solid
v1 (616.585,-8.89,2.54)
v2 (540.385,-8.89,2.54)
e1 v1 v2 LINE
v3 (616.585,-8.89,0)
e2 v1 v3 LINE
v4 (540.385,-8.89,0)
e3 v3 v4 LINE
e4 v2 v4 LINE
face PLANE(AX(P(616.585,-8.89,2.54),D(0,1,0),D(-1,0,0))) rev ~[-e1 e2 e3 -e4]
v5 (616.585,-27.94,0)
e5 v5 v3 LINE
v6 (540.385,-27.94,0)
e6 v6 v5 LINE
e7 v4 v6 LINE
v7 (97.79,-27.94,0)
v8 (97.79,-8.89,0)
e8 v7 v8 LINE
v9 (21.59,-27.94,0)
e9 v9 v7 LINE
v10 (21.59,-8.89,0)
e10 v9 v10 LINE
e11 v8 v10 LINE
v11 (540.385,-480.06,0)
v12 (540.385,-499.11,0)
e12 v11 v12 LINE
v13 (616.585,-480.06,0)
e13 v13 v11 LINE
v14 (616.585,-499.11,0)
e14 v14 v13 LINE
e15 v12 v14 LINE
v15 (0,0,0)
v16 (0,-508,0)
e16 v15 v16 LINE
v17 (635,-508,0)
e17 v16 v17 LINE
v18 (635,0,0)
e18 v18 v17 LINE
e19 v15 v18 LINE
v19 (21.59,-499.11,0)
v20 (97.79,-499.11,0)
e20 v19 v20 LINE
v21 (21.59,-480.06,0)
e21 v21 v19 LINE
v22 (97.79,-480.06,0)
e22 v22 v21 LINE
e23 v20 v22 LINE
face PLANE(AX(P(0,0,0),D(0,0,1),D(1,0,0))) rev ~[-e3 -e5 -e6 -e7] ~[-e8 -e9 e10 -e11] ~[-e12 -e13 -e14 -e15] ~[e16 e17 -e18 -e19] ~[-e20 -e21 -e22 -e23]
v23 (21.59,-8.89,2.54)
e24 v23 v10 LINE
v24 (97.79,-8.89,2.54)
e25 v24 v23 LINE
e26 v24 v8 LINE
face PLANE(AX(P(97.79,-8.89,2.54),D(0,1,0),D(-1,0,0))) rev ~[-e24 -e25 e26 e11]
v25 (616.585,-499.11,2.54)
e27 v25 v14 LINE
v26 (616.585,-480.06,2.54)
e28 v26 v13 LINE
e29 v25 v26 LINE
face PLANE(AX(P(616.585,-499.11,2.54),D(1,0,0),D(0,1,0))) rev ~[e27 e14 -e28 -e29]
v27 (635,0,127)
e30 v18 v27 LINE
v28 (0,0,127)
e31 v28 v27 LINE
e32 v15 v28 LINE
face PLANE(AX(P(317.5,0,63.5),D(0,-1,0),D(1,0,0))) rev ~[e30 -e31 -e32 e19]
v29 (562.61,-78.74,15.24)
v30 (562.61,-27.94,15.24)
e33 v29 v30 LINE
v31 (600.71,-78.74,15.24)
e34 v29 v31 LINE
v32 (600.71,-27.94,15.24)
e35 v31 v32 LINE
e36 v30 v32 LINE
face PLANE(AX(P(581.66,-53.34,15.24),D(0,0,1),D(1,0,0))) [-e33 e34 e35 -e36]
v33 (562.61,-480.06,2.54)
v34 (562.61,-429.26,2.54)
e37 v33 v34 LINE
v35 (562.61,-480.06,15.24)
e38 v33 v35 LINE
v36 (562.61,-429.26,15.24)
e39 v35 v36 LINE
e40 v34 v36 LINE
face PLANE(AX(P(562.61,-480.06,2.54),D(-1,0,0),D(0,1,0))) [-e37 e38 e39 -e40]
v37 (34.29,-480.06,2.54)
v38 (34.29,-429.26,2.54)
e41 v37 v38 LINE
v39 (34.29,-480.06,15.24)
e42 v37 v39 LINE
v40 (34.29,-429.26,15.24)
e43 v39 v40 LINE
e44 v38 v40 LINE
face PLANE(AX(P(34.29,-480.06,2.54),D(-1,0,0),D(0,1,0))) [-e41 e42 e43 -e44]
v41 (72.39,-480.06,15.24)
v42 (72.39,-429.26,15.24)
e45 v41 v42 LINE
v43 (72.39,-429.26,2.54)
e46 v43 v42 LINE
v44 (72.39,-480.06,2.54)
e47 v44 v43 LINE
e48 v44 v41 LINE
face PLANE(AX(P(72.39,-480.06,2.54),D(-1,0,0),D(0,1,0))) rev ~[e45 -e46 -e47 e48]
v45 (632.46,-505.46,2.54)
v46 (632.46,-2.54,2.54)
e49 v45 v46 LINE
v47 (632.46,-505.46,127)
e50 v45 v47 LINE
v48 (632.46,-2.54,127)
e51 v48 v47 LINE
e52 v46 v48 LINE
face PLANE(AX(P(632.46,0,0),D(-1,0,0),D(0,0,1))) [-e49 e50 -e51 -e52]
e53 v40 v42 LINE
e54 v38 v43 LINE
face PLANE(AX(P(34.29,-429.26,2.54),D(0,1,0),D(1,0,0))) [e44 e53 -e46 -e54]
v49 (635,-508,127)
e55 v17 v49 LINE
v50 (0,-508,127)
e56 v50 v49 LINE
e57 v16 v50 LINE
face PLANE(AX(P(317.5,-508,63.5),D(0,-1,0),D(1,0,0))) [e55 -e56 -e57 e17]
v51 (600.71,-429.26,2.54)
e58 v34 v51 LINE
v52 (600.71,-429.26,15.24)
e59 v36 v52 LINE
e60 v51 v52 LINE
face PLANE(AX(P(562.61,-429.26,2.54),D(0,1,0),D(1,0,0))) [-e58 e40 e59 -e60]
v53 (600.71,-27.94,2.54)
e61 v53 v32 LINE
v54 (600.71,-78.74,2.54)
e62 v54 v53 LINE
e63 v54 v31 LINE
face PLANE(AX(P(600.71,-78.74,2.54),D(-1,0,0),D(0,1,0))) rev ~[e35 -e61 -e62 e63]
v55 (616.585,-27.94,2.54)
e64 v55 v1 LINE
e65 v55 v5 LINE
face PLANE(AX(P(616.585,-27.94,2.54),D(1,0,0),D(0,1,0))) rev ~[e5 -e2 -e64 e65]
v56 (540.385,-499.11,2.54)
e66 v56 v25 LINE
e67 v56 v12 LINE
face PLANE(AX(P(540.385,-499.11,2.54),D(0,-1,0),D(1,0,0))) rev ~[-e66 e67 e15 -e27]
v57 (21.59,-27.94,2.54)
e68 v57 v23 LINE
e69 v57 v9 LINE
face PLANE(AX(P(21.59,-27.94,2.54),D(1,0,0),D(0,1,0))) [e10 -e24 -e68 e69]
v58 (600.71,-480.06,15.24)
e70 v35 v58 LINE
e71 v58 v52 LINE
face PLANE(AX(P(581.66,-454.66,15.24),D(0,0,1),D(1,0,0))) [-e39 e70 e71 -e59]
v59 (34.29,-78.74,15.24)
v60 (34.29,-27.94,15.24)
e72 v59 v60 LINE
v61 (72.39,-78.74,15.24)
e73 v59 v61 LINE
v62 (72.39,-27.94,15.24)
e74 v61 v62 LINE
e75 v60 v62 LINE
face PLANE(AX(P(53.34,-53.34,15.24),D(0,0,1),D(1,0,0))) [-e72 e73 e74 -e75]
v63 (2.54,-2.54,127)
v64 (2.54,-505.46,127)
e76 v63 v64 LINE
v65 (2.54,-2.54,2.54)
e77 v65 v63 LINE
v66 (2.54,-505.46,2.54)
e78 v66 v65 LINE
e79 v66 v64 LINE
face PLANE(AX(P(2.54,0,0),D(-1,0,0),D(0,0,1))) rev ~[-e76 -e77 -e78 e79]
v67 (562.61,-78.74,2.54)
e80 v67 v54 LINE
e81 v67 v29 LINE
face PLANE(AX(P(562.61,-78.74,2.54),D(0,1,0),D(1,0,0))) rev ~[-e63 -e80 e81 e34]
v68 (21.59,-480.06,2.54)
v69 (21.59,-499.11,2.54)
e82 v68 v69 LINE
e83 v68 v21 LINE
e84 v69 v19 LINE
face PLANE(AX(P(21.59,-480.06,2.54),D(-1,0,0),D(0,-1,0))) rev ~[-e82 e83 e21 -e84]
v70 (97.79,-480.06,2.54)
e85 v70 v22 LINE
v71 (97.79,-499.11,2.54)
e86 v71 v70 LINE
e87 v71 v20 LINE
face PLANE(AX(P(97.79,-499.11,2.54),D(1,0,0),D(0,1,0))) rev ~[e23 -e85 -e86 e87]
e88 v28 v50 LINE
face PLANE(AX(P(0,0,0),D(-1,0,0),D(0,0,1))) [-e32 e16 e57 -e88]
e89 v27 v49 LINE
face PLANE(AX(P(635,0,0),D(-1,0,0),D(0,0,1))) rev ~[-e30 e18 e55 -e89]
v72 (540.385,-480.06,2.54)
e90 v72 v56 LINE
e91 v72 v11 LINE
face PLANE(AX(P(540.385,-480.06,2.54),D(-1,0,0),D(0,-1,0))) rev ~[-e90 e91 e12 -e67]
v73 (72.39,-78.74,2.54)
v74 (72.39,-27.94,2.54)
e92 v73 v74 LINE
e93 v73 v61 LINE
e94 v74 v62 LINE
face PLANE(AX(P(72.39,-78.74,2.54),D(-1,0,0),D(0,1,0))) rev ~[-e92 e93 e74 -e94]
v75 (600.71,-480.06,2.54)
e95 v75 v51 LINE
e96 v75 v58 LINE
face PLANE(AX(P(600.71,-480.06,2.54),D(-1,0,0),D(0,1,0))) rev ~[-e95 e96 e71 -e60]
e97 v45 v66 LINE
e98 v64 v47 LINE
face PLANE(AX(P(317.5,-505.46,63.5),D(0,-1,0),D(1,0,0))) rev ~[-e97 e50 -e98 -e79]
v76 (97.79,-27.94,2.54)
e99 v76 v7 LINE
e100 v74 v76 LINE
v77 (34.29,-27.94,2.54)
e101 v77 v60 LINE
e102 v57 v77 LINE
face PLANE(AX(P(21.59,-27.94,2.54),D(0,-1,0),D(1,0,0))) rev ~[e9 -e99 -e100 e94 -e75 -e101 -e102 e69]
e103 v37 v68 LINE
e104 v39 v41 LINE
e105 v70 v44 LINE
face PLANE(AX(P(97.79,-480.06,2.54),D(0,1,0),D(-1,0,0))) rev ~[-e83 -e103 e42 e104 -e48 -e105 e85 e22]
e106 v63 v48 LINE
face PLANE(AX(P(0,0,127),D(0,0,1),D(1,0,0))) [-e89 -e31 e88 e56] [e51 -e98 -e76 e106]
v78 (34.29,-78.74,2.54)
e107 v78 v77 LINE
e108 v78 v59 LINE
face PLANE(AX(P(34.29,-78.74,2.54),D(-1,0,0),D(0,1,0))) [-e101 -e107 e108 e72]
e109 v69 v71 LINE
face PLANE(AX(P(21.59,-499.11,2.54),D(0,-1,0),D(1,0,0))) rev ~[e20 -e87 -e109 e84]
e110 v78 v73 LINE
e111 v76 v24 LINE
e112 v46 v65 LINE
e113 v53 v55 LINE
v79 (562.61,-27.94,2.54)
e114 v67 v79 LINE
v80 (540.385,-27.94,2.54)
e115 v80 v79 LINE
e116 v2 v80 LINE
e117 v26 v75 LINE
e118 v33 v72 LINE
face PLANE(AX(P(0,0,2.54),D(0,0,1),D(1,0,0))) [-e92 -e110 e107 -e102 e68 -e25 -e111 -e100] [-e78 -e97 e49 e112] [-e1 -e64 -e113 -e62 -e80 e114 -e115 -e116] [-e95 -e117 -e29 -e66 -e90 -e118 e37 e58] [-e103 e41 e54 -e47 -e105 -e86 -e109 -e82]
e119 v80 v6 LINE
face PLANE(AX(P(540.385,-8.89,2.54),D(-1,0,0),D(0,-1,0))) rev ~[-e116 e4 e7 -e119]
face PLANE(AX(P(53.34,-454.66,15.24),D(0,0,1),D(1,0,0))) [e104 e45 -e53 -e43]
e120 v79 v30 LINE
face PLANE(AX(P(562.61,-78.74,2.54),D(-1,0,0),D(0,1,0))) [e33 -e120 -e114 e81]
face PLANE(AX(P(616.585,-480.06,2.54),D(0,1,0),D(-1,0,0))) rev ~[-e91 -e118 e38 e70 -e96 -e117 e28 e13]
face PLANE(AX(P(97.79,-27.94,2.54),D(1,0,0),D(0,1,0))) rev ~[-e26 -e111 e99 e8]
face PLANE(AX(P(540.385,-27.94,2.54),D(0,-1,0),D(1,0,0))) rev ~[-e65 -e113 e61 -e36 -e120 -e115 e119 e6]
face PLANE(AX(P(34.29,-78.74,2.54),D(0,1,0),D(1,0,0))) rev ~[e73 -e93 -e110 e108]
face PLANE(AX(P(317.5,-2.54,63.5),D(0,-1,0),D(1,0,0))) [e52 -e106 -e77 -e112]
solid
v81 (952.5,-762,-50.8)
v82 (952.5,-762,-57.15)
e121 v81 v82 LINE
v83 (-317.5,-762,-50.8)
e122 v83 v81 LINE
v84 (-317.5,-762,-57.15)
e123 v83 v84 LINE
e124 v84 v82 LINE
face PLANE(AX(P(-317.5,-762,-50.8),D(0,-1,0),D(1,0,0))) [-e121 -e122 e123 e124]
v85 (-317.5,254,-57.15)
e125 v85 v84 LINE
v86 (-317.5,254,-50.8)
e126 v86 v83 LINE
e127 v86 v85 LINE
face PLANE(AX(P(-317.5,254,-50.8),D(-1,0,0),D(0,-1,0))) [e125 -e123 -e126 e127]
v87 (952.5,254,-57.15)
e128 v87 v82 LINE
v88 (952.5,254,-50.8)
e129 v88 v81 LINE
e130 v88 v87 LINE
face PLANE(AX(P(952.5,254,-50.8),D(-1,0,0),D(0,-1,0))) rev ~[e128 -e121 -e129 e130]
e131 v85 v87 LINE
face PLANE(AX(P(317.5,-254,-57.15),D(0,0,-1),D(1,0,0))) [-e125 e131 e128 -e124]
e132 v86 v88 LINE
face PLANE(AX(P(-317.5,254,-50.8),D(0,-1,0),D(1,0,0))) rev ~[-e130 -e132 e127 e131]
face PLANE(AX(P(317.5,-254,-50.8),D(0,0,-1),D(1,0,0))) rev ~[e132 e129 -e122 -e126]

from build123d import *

# Parameters (mm, degrees)
F0_W     = 635
F0_H     = 127
F1_DEPTH = 508
F2_T     = -2.54
F3_W     = 38.1
F3_H     = 50.8
F4_DEPTH = 12.7
F3_W_2   = 12.7
F3_H_2   = 19.05
F5_DEPTH = 25.4
F7_W     = 1270
F7_H     = 1016
F8_DEPTH = 6.35


with BuildPart() as f1:
    # F0 (on Front) → F1 (new body)
    with BuildSketch(Plane.XZ):
        with Locations((317.5, 63.5)):
            Rectangle(F0_W, F0_H)
    extrude(amount=F1_DEPTH)

    # F2
    f2_openings = [f1.faces().sort_by_distance(p)[0] for p in [
        (317.5, -254, 127),
    ]]
    offset(amount=F2_T, openings=f2_openings)

    # F3 (on face) → F4 (join)
    with BuildSketch(Plane.XY.offset(2.54)):
        with Locations((53.34, -53.34)):
            Rectangle(F3_W, F3_H)
        with Locations((581.66, -53.34)):
            Rectangle(F3_W, F3_H)
        with Locations((581.66, -454.66)):
            Rectangle(F3_W, F3_H)
        with Locations((53.34, -454.66)):
            Rectangle(F3_W, F3_H)
    extrude(amount=F4_DEPTH)

    # F3 (on face) → F5 (cut)
    with BuildSketch(Plane.XY.offset(2.54)):
        Polygon((72.39, -480.06), (34.29, -480.06), (21.59, -480.06), (21.59, -499.11), (97.79, -499.11), (97.79, -480.06), align=None)
        Polygon((34.29, -8.89), (34.29, -27.94), (72.39, -27.94), (97.79, -27.94), (97.79, -8.89), align=None)
        with Locations((27.94, -18.415)):
            Rectangle(F3_W_2, F3_H_2)
        Polygon((600.71, -27.94), (616.585, -27.94), (616.585, -8.89), (540.385, -8.89), (540.385, -27.94), (562.61, -27.94), align=None)
        Polygon((600.71, -480.06), (562.61, -480.06), (540.385, -480.06), (540.385, -499.11), (616.585, -499.11), (616.585, -480.06), align=None)
    extrude(amount=-F5_DEPTH, mode=Mode.SUBTRACT)


with BuildPart() as f8:
    # F7 (on offset) → F8 (new body)
    with BuildSketch(Plane(origin=(0, 0, -50.8), x_dir=(1, 0, 0), z_dir=(0, 0, -1))):
        with Locations((317.5, 254)):
            Rectangle(F7_W, F7_H)
    extrude(amount=F8_DEPTH)


solid = Compound([f1.part, f8.part])
